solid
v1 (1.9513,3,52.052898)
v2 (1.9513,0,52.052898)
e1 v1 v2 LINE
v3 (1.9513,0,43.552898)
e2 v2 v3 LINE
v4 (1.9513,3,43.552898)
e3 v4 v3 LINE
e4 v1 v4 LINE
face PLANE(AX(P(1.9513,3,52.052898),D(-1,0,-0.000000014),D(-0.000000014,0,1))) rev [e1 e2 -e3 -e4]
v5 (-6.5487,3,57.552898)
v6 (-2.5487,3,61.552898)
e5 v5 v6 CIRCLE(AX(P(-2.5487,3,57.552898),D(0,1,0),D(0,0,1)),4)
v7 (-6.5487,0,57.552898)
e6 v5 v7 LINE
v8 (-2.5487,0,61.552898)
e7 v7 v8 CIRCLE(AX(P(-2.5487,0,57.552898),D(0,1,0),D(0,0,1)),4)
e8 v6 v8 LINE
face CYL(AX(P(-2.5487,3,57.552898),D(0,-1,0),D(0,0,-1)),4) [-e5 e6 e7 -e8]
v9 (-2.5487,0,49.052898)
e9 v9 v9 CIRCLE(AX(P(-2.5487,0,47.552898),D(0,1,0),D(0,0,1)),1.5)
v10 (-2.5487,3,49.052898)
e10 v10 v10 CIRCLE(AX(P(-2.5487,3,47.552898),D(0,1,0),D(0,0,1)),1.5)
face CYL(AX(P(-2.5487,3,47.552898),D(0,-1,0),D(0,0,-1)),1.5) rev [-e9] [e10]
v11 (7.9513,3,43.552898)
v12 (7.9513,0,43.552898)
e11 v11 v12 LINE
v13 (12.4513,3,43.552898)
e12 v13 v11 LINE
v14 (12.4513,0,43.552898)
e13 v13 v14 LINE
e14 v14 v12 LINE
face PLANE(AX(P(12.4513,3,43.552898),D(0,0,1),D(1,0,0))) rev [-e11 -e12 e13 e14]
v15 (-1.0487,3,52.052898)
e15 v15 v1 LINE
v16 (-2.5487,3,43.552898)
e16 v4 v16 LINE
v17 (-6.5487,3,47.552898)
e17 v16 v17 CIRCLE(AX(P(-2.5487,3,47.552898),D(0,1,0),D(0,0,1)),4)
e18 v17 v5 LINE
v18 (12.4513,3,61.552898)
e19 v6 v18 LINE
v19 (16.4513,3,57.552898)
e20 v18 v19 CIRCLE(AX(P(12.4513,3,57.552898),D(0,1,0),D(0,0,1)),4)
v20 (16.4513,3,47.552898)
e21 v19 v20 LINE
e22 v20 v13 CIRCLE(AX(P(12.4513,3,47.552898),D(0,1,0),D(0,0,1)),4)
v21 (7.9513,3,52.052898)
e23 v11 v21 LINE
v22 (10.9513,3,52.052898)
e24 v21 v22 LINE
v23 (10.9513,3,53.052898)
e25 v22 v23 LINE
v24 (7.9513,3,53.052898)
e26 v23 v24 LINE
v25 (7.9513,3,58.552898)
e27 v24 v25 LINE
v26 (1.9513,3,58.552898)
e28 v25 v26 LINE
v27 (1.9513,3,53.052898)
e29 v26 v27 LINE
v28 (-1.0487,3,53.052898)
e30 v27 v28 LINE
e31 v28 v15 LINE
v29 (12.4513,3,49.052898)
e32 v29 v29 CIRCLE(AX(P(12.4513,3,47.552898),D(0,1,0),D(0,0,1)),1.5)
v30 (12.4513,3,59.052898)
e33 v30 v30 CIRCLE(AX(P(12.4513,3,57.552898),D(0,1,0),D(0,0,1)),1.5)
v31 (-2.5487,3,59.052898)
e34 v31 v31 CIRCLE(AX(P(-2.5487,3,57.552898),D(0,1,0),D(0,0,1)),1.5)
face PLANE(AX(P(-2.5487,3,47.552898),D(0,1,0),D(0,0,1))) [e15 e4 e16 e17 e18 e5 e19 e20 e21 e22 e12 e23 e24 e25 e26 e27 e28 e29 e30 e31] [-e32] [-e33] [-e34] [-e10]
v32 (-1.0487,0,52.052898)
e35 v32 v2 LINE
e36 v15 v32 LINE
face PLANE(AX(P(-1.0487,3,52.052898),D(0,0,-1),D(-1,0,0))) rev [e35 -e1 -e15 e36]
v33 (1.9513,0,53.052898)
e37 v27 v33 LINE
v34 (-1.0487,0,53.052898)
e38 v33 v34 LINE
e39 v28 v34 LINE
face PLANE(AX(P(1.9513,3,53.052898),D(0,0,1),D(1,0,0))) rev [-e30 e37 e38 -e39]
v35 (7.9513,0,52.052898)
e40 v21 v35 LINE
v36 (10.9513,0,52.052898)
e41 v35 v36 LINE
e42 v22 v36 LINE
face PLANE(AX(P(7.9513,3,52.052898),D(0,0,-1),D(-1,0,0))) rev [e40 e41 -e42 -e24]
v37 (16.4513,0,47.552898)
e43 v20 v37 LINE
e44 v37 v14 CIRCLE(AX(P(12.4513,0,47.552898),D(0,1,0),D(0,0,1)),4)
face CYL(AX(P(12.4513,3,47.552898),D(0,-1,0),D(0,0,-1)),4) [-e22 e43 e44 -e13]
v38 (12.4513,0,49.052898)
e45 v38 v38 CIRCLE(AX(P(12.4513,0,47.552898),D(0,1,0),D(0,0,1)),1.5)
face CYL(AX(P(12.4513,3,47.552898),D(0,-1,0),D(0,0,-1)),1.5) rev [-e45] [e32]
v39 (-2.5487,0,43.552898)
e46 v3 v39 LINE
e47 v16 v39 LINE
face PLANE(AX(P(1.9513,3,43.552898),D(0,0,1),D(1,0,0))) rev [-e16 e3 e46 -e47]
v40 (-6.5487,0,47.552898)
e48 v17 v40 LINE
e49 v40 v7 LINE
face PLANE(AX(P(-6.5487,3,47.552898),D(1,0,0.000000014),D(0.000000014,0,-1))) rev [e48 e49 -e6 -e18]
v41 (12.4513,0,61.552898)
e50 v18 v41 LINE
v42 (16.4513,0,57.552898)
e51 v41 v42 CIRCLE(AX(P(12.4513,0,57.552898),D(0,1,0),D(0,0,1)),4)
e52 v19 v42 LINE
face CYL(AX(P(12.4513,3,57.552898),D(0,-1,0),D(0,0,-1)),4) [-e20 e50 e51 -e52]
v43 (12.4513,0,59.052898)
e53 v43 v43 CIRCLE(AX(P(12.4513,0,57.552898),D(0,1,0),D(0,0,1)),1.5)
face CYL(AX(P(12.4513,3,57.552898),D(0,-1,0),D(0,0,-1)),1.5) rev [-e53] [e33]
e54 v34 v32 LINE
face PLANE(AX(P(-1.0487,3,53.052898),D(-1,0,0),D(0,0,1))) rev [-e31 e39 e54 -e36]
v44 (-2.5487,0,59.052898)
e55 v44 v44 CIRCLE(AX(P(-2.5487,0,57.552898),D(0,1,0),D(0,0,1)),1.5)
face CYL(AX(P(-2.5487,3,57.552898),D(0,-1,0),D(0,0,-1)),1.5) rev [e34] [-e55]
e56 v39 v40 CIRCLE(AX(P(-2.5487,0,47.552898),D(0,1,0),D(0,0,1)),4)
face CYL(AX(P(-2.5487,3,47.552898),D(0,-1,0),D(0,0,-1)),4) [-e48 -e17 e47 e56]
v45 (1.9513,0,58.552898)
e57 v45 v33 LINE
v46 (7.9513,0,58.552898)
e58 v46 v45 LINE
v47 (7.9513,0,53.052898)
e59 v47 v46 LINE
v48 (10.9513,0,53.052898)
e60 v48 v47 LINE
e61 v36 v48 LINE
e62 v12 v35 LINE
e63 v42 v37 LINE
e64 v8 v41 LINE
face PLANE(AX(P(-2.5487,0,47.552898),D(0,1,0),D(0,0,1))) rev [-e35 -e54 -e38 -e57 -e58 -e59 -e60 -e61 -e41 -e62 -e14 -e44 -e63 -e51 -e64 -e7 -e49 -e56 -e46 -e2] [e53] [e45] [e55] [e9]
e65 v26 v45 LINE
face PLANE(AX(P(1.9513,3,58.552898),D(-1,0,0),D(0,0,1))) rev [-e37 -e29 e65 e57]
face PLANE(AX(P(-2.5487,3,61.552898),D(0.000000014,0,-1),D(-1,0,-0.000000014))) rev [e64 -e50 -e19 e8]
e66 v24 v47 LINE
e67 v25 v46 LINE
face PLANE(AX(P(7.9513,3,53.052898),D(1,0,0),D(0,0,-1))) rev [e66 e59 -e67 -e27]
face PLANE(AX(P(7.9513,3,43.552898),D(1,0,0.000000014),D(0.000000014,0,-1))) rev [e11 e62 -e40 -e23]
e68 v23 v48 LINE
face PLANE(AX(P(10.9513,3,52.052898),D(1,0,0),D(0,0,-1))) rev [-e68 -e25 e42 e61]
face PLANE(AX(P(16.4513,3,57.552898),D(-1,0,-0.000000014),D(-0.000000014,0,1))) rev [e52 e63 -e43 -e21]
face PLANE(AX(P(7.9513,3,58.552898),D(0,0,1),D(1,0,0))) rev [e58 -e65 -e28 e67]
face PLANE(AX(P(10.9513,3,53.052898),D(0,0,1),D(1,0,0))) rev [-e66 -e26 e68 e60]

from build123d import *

# Parameters (mm, degrees)
SKETCH1_R           = 1.5
BOSS_EXTRUDE1_DEPTH = 3


with BuildPart() as part:
    # Sketch1 → Boss-Extrude1 (new body)
    with BuildSketch(Plane(origin=(0, 0, 0), x_dir=(1, 0, 0), z_dir=(0, 1, 0))):
        with BuildLine():
            Line((7.951300085, -43.552898009), (7.95129997, -52.052898009))
            Line((7.95129997, -52.052898009), (10.95129997, -52.052898009))
            Line((10.95129997, -52.052898009), (10.95129997, -53.052897806))
            Line((10.95129997, -53.052897806), (7.95129997, -53.052897806))
            Line((7.95129997, -53.052897806), (7.95129997, -58.552897806))
            Line((7.95129997, -58.552897806), (1.95129997, -58.552897806))
            Line((1.95129997, -58.552897806), (1.95129997, -53.052897806))
            Line((1.95129997, -53.052897806), (-1.04870003, -53.052897806))
            Line((-1.04870003, -53.052897806), (-1.04870003, -52.052897806))
            Line((-1.04870003, -52.052897806), (1.95129997, -52.052897806))
            Line((1.95129997, -52.052897806), (1.951300085, -43.552897806))
            Line((1.951300085, -43.552897806), (-2.548699915, -43.552897806))
            ThreePointArc((-2.548699915, -43.552897806), (-5.377127055, -44.724470643), (-6.548699969, -47.552897752))
            Line((-6.548699969, -47.552897752), (-6.548700104, -57.552897752))
            ThreePointArc((-6.548700104, -57.552897752), (-5.377127267, -60.381324893), (-2.548700158, -61.552897806))
            Line((-2.548700158, -61.552897806), (12.451299842, -61.552898009))
            ThreePointArc((12.451299842, -61.552898009), (15.279726982, -60.381325172), (16.451299896, -57.552898064))
            Line((16.451299896, -57.552898064), (16.451300031, -47.552898064))
            ThreePointArc((16.451300031, -47.552898064), (15.279727194, -44.724470923), (12.451300085, -43.552898009))
            Line((12.451300085, -43.552898009), (7.951300085, -43.552898009))
        make_face()
        with Locations((12.451300031, -47.552898009)):
            Circle(SKETCH1_R, mode=Mode.SUBTRACT)
        with Locations((12.451299896, -57.552898009)):
            Circle(SKETCH1_R, mode=Mode.SUBTRACT)
        with Locations((-2.548700104, -57.552897806)):
            Circle(SKETCH1_R, mode=Mode.SUBTRACT)
        with Locations((-2.548699969, -47.552897806)):
            Circle(SKETCH1_R, mode=Mode.SUBTRACT)
    extrude(amount=BOSS_EXTRUDE1_DEPTH)


solid = part.part
